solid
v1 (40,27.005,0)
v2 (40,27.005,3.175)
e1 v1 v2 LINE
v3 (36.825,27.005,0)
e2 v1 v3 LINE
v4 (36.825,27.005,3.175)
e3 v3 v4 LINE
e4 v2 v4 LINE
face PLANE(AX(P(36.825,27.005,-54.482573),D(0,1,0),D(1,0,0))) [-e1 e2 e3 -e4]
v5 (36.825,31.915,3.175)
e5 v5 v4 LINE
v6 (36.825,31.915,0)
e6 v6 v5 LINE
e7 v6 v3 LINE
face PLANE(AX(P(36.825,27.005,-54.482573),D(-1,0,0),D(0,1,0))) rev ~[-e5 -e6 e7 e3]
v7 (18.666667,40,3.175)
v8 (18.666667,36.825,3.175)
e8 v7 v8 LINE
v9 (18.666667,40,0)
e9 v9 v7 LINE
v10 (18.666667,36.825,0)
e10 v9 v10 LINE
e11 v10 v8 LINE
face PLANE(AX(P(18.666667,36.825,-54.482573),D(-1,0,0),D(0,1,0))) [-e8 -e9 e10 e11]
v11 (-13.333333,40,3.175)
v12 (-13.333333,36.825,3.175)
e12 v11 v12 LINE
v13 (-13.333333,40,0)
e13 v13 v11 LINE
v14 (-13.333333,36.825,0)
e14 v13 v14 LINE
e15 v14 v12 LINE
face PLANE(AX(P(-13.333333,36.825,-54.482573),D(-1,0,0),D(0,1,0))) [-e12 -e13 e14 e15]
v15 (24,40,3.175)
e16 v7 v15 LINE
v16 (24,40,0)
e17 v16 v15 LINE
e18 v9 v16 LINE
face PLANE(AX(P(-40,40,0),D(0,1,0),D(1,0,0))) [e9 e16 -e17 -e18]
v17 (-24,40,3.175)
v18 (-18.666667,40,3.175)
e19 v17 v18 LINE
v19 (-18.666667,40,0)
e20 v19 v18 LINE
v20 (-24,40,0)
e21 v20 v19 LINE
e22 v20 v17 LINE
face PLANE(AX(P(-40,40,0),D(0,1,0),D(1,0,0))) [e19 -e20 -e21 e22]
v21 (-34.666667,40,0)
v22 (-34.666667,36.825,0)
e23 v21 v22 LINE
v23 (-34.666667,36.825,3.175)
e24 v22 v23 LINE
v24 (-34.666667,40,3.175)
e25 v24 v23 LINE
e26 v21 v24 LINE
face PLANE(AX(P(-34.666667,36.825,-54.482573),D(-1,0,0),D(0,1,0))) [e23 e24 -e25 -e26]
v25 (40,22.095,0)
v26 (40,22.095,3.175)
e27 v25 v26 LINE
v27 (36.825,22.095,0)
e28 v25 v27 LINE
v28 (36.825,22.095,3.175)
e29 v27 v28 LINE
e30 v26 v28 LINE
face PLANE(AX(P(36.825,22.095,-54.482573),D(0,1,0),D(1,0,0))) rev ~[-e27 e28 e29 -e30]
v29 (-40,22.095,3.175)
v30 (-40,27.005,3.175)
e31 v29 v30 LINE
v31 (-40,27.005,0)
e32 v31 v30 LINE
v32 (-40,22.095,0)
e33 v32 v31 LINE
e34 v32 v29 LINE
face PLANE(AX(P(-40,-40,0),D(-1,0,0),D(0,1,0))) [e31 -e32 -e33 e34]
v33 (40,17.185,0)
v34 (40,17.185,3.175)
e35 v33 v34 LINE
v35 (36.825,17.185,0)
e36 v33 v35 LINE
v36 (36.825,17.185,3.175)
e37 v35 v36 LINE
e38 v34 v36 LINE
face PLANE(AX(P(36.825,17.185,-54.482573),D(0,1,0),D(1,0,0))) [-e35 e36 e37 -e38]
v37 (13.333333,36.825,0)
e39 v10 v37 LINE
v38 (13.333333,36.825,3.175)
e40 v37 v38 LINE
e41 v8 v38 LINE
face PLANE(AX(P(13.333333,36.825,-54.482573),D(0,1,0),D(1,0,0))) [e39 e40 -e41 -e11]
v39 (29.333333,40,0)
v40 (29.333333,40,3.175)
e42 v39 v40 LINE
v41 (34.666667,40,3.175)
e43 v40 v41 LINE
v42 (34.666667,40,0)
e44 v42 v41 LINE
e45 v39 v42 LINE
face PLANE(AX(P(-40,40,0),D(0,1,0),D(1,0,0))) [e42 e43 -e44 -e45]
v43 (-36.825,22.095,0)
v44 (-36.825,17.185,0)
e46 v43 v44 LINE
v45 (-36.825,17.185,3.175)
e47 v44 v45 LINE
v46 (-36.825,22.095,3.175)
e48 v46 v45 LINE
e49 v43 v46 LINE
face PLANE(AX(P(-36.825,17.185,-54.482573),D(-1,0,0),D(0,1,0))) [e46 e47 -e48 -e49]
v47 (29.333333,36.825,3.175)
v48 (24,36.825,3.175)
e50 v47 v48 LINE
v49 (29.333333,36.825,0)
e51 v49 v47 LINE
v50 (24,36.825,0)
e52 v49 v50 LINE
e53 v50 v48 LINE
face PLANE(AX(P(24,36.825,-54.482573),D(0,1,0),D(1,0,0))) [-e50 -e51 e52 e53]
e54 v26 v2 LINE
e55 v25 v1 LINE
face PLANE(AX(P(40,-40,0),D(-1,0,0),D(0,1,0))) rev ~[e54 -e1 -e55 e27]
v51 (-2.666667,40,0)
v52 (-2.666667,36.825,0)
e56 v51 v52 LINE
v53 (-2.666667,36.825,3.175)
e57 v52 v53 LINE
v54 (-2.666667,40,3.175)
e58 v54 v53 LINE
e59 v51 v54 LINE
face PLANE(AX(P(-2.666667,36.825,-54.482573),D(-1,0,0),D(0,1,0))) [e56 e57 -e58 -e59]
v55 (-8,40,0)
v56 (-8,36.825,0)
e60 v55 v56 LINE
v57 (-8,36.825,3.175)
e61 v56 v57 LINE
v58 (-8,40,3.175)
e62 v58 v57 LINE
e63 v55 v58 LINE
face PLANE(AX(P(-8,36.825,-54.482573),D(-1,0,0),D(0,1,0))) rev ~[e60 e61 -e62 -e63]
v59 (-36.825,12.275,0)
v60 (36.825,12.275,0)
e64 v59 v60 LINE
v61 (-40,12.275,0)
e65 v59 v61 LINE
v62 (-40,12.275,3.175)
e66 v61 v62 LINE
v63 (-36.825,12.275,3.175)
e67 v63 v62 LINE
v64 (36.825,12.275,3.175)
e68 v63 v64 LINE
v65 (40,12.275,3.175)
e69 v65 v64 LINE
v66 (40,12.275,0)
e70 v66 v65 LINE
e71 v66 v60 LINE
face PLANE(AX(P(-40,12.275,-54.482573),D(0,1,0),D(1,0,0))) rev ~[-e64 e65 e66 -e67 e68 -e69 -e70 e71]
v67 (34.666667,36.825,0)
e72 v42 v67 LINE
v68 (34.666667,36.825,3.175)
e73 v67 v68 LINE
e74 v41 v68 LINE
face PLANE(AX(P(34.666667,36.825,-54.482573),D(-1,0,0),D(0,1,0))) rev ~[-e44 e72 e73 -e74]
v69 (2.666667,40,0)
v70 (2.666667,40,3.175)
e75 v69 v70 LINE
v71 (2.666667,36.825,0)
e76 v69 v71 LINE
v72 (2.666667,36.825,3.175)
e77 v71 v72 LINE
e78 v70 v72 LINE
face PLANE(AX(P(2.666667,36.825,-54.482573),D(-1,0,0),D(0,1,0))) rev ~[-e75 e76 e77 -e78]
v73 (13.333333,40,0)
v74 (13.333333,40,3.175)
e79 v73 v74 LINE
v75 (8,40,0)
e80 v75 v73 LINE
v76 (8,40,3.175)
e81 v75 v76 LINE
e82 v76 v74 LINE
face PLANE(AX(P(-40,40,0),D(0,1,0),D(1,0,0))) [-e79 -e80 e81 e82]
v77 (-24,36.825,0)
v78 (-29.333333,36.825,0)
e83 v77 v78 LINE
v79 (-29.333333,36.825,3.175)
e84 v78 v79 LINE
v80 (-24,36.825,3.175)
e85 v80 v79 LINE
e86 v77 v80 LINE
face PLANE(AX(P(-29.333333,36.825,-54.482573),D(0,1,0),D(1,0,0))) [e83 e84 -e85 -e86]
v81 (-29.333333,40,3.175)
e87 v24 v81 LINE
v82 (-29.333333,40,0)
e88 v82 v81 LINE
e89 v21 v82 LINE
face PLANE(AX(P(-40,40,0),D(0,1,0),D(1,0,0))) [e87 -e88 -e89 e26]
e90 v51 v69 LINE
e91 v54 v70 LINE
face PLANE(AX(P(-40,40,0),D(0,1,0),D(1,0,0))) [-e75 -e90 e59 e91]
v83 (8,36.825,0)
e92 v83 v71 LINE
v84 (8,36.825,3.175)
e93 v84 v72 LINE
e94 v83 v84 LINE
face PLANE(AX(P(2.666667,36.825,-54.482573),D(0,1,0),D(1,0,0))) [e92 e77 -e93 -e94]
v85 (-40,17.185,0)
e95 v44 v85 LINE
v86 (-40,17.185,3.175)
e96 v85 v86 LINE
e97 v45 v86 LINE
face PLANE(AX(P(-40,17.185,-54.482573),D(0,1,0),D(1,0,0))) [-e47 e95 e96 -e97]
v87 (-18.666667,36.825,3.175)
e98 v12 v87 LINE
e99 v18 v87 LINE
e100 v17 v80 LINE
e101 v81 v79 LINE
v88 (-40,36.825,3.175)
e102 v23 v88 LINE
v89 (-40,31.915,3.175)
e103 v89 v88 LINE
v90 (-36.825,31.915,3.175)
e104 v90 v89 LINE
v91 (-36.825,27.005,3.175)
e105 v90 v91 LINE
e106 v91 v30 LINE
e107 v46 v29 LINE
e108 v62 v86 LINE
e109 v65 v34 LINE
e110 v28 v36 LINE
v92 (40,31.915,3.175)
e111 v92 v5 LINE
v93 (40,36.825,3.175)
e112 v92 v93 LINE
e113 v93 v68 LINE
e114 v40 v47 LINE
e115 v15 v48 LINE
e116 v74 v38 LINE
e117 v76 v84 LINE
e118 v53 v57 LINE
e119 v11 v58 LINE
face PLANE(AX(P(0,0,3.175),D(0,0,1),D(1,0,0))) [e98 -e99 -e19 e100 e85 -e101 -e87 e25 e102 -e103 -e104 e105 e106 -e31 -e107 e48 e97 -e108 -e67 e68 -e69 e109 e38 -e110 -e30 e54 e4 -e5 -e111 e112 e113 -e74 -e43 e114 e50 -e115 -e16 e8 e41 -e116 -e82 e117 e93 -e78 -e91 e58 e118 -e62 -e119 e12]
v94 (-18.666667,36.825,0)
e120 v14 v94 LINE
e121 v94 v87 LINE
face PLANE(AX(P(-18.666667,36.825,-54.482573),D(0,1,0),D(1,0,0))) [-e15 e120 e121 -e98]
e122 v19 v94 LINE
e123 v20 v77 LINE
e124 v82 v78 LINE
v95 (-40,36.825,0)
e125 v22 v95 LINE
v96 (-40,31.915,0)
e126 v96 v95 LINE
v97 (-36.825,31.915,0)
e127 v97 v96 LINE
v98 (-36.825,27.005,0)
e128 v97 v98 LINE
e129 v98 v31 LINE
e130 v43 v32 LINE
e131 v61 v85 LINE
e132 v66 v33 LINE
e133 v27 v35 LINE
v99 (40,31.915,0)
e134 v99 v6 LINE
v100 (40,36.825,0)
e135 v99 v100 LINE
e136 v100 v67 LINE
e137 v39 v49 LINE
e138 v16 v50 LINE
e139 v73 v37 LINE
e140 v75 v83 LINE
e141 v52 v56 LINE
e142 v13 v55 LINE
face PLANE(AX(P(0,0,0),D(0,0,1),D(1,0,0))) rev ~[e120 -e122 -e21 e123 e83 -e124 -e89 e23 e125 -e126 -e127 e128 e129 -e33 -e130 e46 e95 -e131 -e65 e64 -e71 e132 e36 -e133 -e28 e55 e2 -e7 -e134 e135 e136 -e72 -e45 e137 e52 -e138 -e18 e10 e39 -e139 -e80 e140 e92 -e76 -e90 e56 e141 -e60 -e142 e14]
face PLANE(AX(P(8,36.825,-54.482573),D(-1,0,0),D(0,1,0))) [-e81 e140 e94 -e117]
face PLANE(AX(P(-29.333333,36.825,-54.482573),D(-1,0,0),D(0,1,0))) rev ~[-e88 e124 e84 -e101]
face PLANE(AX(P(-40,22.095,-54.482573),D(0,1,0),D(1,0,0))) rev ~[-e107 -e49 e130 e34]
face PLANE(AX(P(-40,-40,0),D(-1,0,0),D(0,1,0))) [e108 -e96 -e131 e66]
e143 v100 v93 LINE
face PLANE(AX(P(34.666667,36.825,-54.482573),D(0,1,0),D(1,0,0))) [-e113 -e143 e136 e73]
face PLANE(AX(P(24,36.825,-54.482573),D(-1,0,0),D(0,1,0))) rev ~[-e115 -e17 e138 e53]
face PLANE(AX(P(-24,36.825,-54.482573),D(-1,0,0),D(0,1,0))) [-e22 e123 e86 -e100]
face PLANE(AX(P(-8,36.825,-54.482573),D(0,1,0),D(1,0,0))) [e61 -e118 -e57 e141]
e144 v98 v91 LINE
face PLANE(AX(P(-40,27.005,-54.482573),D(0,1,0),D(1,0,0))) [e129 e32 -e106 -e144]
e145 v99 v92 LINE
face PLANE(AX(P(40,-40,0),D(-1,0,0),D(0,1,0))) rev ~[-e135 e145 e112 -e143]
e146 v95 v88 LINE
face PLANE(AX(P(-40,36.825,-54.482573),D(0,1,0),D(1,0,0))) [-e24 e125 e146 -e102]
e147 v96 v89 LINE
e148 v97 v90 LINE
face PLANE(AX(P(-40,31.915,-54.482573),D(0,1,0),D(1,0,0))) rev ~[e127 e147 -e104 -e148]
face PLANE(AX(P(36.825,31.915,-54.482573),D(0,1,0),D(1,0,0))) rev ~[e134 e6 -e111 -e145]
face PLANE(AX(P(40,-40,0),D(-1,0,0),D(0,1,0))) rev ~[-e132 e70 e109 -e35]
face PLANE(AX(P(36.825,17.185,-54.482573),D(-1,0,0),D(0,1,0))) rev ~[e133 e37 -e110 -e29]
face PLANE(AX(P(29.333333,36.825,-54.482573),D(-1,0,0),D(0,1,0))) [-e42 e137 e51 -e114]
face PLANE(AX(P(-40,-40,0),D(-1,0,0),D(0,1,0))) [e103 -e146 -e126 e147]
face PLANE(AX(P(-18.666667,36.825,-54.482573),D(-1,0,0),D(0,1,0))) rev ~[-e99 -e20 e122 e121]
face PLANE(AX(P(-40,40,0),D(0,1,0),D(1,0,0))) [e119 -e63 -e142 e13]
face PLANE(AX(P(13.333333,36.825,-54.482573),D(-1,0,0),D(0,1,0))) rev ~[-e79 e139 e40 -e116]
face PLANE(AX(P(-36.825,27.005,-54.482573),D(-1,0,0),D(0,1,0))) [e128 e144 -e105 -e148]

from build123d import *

# Parameters (mm, degrees)
SKETCH1_W               = 80
SKETCH1_H               = 80
BOSS_EXTRUDE1_DEPTH     = 3.175
CUT_EXTRUDE2_DEPTH      = 57.657573413
CUT_EXTRUDE2_DEPTH_BACK = 57.657573413
SKETCH3_W               = 5.333333333
SKETCH3_H               = 3.175
SKETCH3_W_2             = 3.175
SKETCH3_H_2             = 4.91
SKETCH3_W_3             = 5.333333334
SKETCH4_W               = 80.351781832
SKETCH4_H               = 52.368780003
CUT_EXTRUDE3_DEPTH      = 57.657573413


with BuildPart() as part:
    # Sketch1 → Boss-Extrude1 (new body)
    with BuildSketch(Plane.XY):
        Rectangle(SKETCH1_W, SKETCH1_H)
    extrude(amount=BOSS_EXTRUDE1_DEPTH)

    # Sketch3 → Cut-Extrude2 (cut, two sides: drawn at the far end of the back side and taken through both)
    with BuildSketch(Plane.XY.offset(3.175).offset(-CUT_EXTRUDE2_DEPTH_BACK)):
        with Locations((-37.333333334, -38.4125)):
            Rectangle(SKETCH3_W, SKETCH3_H)
        with Locations((-26.666666666, -38.4125)):
            Rectangle(SKETCH3_W, SKETCH3_H)
        with Locations((-38.4125, -29.46)):
            Rectangle(SKETCH3_W_2, SKETCH3_H_2)
        with Locations((-16, -38.4125)):
            Rectangle(SKETCH3_W_3, SKETCH3_H)
        with Locations((-38.4125, -19.64)):
            Rectangle(SKETCH3_W_2, SKETCH3_H_2)
        with Locations((-5.333333334, -38.4125)):
            Rectangle(SKETCH3_W, SKETCH3_H)
        with Locations((-38.4125, -9.82)):
            Rectangle(SKETCH3_W_2, SKETCH3_H_2)
        with Locations((5.333333334, -38.4125)):
            Rectangle(SKETCH3_W, SKETCH3_H)
        with Locations((-38.4125, 0)):
            Rectangle(SKETCH3_W_2, SKETCH3_H_2)
        with Locations((16, -38.4125)):
            Rectangle(SKETCH3_W_3, SKETCH3_H)
        with Locations((-38.4125, 9.82)):
            Rectangle(SKETCH3_W_2, SKETCH3_H_2)
        with Locations((26.666666666, -38.4125)):
            Rectangle(SKETCH3_W, SKETCH3_H)
        with Locations((-38.4125, 19.64)):
            Rectangle(SKETCH3_W_2, SKETCH3_H_2)
        with Locations((37.333333334, -38.4125)):
            Rectangle(SKETCH3_W, SKETCH3_H)
        with Locations((-38.4125, 29.46)):
            Rectangle(SKETCH3_W_2, SKETCH3_H_2)
        with Locations((-37.333333334, 38.4125)):
            Rectangle(SKETCH3_W, SKETCH3_H)
        with Locations((38.4125, -29.46)):
            Rectangle(SKETCH3_W_2, SKETCH3_H_2)
        with Locations((38.4125, -19.64)):
            Rectangle(SKETCH3_W_2, SKETCH3_H_2)
        with Locations((-26.666666666, 38.4125)):
            Rectangle(SKETCH3_W, SKETCH3_H)
        with Locations((38.4125, -9.82)):
            Rectangle(SKETCH3_W_2, SKETCH3_H_2)
        with Locations((-16, 38.4125)):
            Rectangle(SKETCH3_W_3, SKETCH3_H)
        with Locations((38.4125, 0)):
            Rectangle(SKETCH3_W_2, SKETCH3_H_2)
        with Locations((-5.333333334, 38.4125)):
            Rectangle(SKETCH3_W, SKETCH3_H)
        with Locations((38.4125, 9.82)):
            Rectangle(SKETCH3_W_2, SKETCH3_H_2)
        with Locations((5.333333334, 38.4125)):
            Rectangle(SKETCH3_W, SKETCH3_H)
        with Locations((38.4125, 19.64)):
            Rectangle(SKETCH3_W_2, SKETCH3_H_2)
        with Locations((16, 38.4125)):
            Rectangle(SKETCH3_W_3, SKETCH3_H)
        with Locations((38.4125, 29.46)):
            Rectangle(SKETCH3_W_2, SKETCH3_H_2)
        with Locations((26.666666666, 38.4125)):
            Rectangle(SKETCH3_W, SKETCH3_H)
        with Locations((37.333333334, 38.4125)):
            Rectangle(SKETCH3_W, SKETCH3_H)
    extrude(amount=CUT_EXTRUDE2_DEPTH + CUT_EXTRUDE2_DEPTH_BACK, mode=Mode.SUBTRACT)

    # Sketch4 → Cut-Extrude3 (cut, through all)
    with BuildSketch(Plane.XY.offset(3.175)):
        with Locations((0.175890916, -13.909390002)):
            Rectangle(SKETCH4_W, SKETCH4_H)
    extrude(amount=-CUT_EXTRUDE3_DEPTH, mode=Mode.SUBTRACT)


solid = part.part
